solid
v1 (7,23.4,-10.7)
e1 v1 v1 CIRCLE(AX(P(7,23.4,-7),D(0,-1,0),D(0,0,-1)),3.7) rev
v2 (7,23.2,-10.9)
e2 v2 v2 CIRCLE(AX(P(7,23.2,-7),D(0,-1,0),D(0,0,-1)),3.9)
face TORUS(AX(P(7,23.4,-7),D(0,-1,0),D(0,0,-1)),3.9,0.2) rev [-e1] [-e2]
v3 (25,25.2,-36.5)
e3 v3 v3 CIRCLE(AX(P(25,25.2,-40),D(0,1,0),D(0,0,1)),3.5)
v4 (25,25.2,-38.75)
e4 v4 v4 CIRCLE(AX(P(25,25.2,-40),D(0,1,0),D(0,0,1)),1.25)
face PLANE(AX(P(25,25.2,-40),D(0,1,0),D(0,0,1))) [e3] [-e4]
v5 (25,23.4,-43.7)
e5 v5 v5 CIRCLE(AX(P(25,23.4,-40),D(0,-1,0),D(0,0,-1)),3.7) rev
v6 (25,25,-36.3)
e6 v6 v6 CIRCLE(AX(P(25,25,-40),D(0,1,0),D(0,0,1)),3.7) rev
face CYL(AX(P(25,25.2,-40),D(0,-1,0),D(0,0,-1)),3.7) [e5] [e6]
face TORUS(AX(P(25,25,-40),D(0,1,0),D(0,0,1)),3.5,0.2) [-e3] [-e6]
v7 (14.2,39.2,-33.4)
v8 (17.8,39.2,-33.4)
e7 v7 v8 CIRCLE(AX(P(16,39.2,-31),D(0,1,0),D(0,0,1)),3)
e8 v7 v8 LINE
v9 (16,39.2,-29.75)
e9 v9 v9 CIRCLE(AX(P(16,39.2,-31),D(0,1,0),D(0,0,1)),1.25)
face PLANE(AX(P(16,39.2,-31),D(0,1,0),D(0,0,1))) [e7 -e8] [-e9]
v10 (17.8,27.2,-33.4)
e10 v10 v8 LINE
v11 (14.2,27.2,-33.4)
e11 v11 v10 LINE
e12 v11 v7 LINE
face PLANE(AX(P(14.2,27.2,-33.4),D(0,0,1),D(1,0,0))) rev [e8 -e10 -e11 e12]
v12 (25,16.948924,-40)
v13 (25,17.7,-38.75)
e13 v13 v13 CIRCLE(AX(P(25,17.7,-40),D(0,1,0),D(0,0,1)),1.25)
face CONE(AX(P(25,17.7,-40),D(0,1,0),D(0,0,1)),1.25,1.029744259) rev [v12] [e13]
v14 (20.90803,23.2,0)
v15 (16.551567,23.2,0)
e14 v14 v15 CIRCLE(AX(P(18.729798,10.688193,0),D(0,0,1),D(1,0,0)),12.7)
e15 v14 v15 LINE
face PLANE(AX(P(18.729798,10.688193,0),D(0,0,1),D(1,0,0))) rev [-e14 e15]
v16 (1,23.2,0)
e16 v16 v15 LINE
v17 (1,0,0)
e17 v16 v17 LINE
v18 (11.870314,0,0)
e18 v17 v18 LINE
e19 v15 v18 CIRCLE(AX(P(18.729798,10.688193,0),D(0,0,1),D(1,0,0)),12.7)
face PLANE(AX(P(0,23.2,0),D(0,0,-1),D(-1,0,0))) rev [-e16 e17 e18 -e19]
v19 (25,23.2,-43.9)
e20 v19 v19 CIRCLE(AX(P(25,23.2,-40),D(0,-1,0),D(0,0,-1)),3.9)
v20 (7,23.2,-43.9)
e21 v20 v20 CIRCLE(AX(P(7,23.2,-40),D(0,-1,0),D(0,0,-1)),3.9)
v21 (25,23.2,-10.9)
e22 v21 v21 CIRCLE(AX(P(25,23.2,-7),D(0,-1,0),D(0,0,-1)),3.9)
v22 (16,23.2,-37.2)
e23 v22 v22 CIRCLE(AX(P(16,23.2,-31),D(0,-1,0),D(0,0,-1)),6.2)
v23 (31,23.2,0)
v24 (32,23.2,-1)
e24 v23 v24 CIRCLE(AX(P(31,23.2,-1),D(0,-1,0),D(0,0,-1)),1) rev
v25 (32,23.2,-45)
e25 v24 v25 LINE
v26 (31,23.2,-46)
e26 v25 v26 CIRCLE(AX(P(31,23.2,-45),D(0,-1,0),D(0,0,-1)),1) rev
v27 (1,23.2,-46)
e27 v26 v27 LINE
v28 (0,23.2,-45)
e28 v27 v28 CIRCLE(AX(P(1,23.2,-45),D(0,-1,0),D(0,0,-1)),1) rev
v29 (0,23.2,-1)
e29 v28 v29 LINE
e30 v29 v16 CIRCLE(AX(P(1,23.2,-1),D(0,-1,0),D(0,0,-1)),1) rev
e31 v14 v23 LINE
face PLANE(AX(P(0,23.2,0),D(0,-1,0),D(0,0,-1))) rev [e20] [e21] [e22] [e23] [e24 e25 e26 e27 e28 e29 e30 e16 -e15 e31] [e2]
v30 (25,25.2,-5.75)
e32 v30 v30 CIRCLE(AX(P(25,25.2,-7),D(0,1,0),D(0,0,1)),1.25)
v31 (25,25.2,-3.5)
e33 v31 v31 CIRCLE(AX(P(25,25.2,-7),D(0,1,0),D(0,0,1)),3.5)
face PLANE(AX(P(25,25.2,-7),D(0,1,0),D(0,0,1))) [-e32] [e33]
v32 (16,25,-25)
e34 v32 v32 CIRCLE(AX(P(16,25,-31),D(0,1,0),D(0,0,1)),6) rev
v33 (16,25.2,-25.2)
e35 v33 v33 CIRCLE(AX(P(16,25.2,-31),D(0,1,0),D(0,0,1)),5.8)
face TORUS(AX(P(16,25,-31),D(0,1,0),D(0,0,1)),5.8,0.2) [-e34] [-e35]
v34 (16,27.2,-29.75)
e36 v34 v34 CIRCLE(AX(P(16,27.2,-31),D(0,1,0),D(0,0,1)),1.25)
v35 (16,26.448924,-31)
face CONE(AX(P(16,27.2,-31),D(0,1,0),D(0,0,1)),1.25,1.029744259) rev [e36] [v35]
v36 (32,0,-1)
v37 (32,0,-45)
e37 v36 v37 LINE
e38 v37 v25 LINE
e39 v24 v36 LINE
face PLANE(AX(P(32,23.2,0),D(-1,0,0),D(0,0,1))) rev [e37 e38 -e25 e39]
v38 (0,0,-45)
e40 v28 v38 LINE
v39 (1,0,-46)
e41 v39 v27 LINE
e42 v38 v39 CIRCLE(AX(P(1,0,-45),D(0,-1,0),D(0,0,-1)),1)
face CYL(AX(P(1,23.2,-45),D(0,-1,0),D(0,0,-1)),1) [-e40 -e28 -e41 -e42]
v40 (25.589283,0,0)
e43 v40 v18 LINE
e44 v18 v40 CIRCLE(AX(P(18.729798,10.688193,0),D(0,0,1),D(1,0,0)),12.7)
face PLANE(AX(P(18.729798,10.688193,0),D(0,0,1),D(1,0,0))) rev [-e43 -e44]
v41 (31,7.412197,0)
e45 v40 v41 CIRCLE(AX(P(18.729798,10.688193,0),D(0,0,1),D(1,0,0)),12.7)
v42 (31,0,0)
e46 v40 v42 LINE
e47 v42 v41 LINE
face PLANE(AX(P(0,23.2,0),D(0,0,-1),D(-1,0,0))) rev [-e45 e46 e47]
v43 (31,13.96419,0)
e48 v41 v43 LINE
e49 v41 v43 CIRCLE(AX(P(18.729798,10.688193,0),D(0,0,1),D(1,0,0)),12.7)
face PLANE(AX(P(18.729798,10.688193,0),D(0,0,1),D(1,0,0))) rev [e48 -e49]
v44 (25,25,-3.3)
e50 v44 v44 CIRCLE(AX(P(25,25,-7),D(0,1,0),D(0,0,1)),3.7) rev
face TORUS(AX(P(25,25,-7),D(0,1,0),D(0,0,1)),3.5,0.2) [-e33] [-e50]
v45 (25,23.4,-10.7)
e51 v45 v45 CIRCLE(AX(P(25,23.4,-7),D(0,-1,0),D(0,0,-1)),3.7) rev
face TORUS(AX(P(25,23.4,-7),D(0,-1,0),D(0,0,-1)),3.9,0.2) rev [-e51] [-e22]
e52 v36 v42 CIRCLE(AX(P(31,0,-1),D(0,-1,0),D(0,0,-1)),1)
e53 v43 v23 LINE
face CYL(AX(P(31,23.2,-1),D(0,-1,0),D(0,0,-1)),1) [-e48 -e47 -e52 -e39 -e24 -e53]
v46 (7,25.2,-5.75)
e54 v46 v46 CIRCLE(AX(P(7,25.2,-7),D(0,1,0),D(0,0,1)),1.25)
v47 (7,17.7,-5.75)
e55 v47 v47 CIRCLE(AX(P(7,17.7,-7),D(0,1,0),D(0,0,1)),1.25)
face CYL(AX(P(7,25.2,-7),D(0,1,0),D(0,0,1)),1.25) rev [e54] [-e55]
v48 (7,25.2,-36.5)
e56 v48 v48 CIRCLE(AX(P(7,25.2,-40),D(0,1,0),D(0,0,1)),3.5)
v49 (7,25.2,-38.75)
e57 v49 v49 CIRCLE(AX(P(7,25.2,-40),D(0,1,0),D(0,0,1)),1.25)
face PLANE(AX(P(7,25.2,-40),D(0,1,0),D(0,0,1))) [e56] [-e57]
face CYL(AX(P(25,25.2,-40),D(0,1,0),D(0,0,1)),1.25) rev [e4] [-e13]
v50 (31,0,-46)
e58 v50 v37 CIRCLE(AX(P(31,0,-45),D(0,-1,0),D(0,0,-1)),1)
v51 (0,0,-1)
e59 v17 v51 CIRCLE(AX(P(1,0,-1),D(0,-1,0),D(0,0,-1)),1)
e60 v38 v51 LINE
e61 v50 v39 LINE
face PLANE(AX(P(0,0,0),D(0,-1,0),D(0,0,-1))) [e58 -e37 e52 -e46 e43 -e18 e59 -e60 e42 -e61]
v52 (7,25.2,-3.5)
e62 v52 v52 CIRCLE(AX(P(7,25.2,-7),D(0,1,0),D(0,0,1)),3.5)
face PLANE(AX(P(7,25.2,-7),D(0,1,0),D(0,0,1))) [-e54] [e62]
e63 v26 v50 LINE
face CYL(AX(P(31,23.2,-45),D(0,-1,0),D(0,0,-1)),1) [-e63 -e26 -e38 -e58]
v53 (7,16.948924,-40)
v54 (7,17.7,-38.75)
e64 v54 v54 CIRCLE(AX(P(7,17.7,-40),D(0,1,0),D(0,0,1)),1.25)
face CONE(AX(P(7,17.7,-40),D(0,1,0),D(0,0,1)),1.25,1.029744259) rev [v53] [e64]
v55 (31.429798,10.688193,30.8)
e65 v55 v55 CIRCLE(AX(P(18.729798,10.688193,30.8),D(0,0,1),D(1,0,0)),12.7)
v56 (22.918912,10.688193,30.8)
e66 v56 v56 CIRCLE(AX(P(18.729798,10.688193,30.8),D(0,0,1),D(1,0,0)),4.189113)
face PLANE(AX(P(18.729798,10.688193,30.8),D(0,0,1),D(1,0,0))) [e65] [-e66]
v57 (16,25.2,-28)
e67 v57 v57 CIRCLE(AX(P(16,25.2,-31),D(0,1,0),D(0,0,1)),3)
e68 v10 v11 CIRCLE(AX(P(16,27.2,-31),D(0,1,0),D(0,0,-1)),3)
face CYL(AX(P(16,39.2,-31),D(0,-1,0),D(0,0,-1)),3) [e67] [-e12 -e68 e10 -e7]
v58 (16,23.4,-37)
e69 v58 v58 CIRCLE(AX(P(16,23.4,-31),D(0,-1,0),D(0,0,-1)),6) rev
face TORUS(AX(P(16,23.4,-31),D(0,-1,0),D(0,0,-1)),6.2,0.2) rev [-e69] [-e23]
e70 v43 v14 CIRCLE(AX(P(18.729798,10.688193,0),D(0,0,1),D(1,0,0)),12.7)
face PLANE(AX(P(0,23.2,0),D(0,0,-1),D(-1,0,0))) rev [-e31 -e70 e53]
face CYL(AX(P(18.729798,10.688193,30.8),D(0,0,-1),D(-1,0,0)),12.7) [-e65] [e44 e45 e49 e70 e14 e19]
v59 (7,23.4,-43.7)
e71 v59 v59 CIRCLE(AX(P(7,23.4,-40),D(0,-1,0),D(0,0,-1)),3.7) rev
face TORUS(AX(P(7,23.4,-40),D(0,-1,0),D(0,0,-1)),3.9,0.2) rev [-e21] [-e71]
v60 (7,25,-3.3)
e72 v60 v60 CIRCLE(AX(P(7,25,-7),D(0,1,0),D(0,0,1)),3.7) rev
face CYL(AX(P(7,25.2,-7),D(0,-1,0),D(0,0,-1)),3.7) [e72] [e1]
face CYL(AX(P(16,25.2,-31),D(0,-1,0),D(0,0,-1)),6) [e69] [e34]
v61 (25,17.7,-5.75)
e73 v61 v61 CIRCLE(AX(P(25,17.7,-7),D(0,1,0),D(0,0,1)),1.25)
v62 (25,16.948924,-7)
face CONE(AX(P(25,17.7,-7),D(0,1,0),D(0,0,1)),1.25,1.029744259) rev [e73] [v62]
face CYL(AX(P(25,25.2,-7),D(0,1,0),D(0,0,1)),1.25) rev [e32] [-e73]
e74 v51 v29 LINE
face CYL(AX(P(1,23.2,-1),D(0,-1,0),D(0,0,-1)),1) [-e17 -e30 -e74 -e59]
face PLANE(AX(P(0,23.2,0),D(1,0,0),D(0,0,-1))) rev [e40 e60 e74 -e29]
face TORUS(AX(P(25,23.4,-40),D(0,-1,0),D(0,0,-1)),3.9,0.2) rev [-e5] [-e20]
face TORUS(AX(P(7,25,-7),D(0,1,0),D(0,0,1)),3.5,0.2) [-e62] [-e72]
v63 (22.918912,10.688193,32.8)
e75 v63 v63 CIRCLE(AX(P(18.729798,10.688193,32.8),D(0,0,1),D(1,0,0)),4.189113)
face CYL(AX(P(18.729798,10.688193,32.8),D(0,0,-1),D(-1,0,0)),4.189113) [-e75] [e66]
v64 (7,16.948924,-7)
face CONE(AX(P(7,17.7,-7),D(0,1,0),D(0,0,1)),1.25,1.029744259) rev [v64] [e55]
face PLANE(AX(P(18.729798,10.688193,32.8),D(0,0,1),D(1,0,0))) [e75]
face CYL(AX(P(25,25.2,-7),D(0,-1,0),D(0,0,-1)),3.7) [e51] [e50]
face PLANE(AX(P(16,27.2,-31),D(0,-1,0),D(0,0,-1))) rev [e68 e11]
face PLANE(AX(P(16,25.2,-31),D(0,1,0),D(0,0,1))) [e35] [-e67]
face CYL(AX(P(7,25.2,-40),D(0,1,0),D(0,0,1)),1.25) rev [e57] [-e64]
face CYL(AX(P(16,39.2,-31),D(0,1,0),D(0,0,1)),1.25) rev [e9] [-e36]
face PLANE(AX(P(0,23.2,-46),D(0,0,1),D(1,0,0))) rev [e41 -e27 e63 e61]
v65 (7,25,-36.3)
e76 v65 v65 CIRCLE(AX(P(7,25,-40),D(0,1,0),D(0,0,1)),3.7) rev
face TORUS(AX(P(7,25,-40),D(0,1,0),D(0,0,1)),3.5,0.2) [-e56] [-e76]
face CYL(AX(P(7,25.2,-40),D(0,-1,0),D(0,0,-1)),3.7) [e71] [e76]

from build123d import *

# Parameters (mm, degrees)
SKETCH1_W                 = 32
SKETCH1_H                 = 46
BOSS_EXTRUDE1_DEPTH       = 23.2
SKETCH2_R                 = 3.7
SKETCH2_R_2               = 6
BOSS_EXTRUDE2_DEPTH       = 2
SKETCH8_R                 = 3
BOSS_EXTRUDE3_DEPTH       = 14
M3X0_5_TAPPED_HOLE2_D     = 2.5
M3X0_5_TAPPED_HOLE2_DEPTH = 12
M3X0_5_TAPPED_HOLE2_TIP   = 0.751075774
CUT_EXTRUDE1_DEPTH        = 12
M3X0_5_TAPPED_HOLE1_D     = 2.5
M3X0_5_TAPPED_HOLE1_DEPTH = 7.5
M3X0_5_TAPPED_HOLE1_TIP   = 0.751075774
FILLET1_R                 = 1
FILLET2_R                 = 0.2
SKETCH11_R                = 12.7
BOSS_EXTRUDE4_DEPTH       = 30.8
SKETCH17_R                = 4.189113183
BOSS_EXTRUDE5_DEPTH       = 2


with BuildPart() as part:
    # Sketch1 → Boss-Extrude1 (new body)
    with BuildSketch(Plane(origin=(0, 0, 0), x_dir=(1, 0, 0), z_dir=(0, 1, 0))):
        with Locations((16, 23)):
            Rectangle(SKETCH1_W, SKETCH1_H)
    extrude(amount=BOSS_EXTRUDE1_DEPTH)

    # Sketch2 → Boss-Extrude2 (add)
    with BuildSketch(Plane(origin=(0, 23.2, 0), x_dir=(1, 0, 0), z_dir=(0, 1, 0))):
        with Locations((7, 40)):
            Circle(SKETCH2_R)
        with Locations((25, 40)):
            Circle(SKETCH2_R)
        with Locations((7, 7)):
            Circle(SKETCH2_R)
        with Locations((25, 7)):
            Circle(SKETCH2_R)
        with Locations((16, 31)):
            Circle(SKETCH2_R_2)
    extrude(amount=BOSS_EXTRUDE2_DEPTH)

    # Sketch8 → Boss-Extrude3 (add)
    with BuildSketch(Plane(origin=(0, 25.2, 0), x_dir=(1, 0, 0), z_dir=(0, 1, 0))):
        with Locations((16, 31)):
            Circle(SKETCH8_R)
    extrude(amount=BOSS_EXTRUDE3_DEPTH)

    # M3x0.5 Tapped Hole2
    with Locations(Plane(origin=(0, 39.2, 0), x_dir=(1, 0, 0), z_dir=(0, 1, 0))):
        with Locations((16, 31)):
            Hole(M3X0_5_TAPPED_HOLE2_D / 2, depth=M3X0_5_TAPPED_HOLE2_DEPTH)
            with Locations((0, 0, -(M3X0_5_TAPPED_HOLE2_DEPTH + M3X0_5_TAPPED_HOLE2_TIP / 2))):  # 118° drill point
                Cone(0, M3X0_5_TAPPED_HOLE2_D / 2, M3X0_5_TAPPED_HOLE2_TIP, mode=Mode.SUBTRACT)

    # Sketch9 → Cut-Extrude1 (cut)
    with BuildSketch(Plane(origin=(0, 39.2, 0), x_dir=(1, 0, 0), z_dir=(0, 1, 0))):
        with BuildLine():
            Line((14.2, 33.4), (17.8, 33.4))
            ThreePointArc((17.8, 33.4), (16, 34), (14.2, 33.4))
        make_face()
    extrude(amount=-CUT_EXTRUDE1_DEPTH, mode=Mode.SUBTRACT)

    # M3x0.5 Tapped Hole1
    with Locations(Plane(origin=(0, 25.2, 0), x_dir=(1, 0, 0), z_dir=(0, 1, 0))):
        with Locations((25, 7), (7, 7), (7, 40), (25, 40)):
            Hole(M3X0_5_TAPPED_HOLE1_D / 2, depth=M3X0_5_TAPPED_HOLE1_DEPTH)
            with Locations((0, 0, -(M3X0_5_TAPPED_HOLE1_DEPTH + M3X0_5_TAPPED_HOLE1_TIP / 2))):  # 118° drill point
                Cone(0, M3X0_5_TAPPED_HOLE1_D / 2, M3X0_5_TAPPED_HOLE1_TIP, mode=Mode.SUBTRACT)

    # Fillet1
    fillet1_edges = [part.edges().sort_by_distance(p)[0] for p in [
        (0, 11.6, -46),
        (32, 11.6, -46),
        (32, 11.6, 0),
        (0, 11.6, 0),
    ]]
    fillet(fillet1_edges, radius=FILLET1_R)

    # Fillet2
    fillet2_edges = [part.edges().sort_by_distance(p)[0] for p in [
        (3.3, 23.2, -40),
        (3.3, 25.2, -40),
        (21.3, 23.2, -40),
        (21.3, 25.2, -40),
        (3.3, 23.2, -7),
        (3.3, 25.2, -7),
        (21.3, 23.2, -7),
        (21.3, 25.2, -7),
        (10, 23.2, -31),
        (10, 25.2, -31),
    ]]
    fillet(fillet2_edges, radius=FILLET2_R)

    # Sketch11 → Boss-Extrude4 (add)
    with BuildSketch(Plane(origin=(-0.758996234, 0, 0), x_dir=(1, 0, 0), z_dir=(0, 0, 1))):
        with Locations((19.48879467, 10.688193303)):
            Circle(SKETCH11_R)
    extrude(amount=BOSS_EXTRUDE4_DEPTH)

    # Sketch17 → Boss-Extrude5 (add)
    with BuildSketch(Plane(origin=(-0.758996234, 0, 30.8), x_dir=(1, 0, 0), z_dir=(0, 0, 1))):
        with Locations((19.48879467, 10.688193303)):
            Circle(SKETCH17_R)
    extrude(amount=BOSS_EXTRUDE5_DEPTH)


solid = part.part
